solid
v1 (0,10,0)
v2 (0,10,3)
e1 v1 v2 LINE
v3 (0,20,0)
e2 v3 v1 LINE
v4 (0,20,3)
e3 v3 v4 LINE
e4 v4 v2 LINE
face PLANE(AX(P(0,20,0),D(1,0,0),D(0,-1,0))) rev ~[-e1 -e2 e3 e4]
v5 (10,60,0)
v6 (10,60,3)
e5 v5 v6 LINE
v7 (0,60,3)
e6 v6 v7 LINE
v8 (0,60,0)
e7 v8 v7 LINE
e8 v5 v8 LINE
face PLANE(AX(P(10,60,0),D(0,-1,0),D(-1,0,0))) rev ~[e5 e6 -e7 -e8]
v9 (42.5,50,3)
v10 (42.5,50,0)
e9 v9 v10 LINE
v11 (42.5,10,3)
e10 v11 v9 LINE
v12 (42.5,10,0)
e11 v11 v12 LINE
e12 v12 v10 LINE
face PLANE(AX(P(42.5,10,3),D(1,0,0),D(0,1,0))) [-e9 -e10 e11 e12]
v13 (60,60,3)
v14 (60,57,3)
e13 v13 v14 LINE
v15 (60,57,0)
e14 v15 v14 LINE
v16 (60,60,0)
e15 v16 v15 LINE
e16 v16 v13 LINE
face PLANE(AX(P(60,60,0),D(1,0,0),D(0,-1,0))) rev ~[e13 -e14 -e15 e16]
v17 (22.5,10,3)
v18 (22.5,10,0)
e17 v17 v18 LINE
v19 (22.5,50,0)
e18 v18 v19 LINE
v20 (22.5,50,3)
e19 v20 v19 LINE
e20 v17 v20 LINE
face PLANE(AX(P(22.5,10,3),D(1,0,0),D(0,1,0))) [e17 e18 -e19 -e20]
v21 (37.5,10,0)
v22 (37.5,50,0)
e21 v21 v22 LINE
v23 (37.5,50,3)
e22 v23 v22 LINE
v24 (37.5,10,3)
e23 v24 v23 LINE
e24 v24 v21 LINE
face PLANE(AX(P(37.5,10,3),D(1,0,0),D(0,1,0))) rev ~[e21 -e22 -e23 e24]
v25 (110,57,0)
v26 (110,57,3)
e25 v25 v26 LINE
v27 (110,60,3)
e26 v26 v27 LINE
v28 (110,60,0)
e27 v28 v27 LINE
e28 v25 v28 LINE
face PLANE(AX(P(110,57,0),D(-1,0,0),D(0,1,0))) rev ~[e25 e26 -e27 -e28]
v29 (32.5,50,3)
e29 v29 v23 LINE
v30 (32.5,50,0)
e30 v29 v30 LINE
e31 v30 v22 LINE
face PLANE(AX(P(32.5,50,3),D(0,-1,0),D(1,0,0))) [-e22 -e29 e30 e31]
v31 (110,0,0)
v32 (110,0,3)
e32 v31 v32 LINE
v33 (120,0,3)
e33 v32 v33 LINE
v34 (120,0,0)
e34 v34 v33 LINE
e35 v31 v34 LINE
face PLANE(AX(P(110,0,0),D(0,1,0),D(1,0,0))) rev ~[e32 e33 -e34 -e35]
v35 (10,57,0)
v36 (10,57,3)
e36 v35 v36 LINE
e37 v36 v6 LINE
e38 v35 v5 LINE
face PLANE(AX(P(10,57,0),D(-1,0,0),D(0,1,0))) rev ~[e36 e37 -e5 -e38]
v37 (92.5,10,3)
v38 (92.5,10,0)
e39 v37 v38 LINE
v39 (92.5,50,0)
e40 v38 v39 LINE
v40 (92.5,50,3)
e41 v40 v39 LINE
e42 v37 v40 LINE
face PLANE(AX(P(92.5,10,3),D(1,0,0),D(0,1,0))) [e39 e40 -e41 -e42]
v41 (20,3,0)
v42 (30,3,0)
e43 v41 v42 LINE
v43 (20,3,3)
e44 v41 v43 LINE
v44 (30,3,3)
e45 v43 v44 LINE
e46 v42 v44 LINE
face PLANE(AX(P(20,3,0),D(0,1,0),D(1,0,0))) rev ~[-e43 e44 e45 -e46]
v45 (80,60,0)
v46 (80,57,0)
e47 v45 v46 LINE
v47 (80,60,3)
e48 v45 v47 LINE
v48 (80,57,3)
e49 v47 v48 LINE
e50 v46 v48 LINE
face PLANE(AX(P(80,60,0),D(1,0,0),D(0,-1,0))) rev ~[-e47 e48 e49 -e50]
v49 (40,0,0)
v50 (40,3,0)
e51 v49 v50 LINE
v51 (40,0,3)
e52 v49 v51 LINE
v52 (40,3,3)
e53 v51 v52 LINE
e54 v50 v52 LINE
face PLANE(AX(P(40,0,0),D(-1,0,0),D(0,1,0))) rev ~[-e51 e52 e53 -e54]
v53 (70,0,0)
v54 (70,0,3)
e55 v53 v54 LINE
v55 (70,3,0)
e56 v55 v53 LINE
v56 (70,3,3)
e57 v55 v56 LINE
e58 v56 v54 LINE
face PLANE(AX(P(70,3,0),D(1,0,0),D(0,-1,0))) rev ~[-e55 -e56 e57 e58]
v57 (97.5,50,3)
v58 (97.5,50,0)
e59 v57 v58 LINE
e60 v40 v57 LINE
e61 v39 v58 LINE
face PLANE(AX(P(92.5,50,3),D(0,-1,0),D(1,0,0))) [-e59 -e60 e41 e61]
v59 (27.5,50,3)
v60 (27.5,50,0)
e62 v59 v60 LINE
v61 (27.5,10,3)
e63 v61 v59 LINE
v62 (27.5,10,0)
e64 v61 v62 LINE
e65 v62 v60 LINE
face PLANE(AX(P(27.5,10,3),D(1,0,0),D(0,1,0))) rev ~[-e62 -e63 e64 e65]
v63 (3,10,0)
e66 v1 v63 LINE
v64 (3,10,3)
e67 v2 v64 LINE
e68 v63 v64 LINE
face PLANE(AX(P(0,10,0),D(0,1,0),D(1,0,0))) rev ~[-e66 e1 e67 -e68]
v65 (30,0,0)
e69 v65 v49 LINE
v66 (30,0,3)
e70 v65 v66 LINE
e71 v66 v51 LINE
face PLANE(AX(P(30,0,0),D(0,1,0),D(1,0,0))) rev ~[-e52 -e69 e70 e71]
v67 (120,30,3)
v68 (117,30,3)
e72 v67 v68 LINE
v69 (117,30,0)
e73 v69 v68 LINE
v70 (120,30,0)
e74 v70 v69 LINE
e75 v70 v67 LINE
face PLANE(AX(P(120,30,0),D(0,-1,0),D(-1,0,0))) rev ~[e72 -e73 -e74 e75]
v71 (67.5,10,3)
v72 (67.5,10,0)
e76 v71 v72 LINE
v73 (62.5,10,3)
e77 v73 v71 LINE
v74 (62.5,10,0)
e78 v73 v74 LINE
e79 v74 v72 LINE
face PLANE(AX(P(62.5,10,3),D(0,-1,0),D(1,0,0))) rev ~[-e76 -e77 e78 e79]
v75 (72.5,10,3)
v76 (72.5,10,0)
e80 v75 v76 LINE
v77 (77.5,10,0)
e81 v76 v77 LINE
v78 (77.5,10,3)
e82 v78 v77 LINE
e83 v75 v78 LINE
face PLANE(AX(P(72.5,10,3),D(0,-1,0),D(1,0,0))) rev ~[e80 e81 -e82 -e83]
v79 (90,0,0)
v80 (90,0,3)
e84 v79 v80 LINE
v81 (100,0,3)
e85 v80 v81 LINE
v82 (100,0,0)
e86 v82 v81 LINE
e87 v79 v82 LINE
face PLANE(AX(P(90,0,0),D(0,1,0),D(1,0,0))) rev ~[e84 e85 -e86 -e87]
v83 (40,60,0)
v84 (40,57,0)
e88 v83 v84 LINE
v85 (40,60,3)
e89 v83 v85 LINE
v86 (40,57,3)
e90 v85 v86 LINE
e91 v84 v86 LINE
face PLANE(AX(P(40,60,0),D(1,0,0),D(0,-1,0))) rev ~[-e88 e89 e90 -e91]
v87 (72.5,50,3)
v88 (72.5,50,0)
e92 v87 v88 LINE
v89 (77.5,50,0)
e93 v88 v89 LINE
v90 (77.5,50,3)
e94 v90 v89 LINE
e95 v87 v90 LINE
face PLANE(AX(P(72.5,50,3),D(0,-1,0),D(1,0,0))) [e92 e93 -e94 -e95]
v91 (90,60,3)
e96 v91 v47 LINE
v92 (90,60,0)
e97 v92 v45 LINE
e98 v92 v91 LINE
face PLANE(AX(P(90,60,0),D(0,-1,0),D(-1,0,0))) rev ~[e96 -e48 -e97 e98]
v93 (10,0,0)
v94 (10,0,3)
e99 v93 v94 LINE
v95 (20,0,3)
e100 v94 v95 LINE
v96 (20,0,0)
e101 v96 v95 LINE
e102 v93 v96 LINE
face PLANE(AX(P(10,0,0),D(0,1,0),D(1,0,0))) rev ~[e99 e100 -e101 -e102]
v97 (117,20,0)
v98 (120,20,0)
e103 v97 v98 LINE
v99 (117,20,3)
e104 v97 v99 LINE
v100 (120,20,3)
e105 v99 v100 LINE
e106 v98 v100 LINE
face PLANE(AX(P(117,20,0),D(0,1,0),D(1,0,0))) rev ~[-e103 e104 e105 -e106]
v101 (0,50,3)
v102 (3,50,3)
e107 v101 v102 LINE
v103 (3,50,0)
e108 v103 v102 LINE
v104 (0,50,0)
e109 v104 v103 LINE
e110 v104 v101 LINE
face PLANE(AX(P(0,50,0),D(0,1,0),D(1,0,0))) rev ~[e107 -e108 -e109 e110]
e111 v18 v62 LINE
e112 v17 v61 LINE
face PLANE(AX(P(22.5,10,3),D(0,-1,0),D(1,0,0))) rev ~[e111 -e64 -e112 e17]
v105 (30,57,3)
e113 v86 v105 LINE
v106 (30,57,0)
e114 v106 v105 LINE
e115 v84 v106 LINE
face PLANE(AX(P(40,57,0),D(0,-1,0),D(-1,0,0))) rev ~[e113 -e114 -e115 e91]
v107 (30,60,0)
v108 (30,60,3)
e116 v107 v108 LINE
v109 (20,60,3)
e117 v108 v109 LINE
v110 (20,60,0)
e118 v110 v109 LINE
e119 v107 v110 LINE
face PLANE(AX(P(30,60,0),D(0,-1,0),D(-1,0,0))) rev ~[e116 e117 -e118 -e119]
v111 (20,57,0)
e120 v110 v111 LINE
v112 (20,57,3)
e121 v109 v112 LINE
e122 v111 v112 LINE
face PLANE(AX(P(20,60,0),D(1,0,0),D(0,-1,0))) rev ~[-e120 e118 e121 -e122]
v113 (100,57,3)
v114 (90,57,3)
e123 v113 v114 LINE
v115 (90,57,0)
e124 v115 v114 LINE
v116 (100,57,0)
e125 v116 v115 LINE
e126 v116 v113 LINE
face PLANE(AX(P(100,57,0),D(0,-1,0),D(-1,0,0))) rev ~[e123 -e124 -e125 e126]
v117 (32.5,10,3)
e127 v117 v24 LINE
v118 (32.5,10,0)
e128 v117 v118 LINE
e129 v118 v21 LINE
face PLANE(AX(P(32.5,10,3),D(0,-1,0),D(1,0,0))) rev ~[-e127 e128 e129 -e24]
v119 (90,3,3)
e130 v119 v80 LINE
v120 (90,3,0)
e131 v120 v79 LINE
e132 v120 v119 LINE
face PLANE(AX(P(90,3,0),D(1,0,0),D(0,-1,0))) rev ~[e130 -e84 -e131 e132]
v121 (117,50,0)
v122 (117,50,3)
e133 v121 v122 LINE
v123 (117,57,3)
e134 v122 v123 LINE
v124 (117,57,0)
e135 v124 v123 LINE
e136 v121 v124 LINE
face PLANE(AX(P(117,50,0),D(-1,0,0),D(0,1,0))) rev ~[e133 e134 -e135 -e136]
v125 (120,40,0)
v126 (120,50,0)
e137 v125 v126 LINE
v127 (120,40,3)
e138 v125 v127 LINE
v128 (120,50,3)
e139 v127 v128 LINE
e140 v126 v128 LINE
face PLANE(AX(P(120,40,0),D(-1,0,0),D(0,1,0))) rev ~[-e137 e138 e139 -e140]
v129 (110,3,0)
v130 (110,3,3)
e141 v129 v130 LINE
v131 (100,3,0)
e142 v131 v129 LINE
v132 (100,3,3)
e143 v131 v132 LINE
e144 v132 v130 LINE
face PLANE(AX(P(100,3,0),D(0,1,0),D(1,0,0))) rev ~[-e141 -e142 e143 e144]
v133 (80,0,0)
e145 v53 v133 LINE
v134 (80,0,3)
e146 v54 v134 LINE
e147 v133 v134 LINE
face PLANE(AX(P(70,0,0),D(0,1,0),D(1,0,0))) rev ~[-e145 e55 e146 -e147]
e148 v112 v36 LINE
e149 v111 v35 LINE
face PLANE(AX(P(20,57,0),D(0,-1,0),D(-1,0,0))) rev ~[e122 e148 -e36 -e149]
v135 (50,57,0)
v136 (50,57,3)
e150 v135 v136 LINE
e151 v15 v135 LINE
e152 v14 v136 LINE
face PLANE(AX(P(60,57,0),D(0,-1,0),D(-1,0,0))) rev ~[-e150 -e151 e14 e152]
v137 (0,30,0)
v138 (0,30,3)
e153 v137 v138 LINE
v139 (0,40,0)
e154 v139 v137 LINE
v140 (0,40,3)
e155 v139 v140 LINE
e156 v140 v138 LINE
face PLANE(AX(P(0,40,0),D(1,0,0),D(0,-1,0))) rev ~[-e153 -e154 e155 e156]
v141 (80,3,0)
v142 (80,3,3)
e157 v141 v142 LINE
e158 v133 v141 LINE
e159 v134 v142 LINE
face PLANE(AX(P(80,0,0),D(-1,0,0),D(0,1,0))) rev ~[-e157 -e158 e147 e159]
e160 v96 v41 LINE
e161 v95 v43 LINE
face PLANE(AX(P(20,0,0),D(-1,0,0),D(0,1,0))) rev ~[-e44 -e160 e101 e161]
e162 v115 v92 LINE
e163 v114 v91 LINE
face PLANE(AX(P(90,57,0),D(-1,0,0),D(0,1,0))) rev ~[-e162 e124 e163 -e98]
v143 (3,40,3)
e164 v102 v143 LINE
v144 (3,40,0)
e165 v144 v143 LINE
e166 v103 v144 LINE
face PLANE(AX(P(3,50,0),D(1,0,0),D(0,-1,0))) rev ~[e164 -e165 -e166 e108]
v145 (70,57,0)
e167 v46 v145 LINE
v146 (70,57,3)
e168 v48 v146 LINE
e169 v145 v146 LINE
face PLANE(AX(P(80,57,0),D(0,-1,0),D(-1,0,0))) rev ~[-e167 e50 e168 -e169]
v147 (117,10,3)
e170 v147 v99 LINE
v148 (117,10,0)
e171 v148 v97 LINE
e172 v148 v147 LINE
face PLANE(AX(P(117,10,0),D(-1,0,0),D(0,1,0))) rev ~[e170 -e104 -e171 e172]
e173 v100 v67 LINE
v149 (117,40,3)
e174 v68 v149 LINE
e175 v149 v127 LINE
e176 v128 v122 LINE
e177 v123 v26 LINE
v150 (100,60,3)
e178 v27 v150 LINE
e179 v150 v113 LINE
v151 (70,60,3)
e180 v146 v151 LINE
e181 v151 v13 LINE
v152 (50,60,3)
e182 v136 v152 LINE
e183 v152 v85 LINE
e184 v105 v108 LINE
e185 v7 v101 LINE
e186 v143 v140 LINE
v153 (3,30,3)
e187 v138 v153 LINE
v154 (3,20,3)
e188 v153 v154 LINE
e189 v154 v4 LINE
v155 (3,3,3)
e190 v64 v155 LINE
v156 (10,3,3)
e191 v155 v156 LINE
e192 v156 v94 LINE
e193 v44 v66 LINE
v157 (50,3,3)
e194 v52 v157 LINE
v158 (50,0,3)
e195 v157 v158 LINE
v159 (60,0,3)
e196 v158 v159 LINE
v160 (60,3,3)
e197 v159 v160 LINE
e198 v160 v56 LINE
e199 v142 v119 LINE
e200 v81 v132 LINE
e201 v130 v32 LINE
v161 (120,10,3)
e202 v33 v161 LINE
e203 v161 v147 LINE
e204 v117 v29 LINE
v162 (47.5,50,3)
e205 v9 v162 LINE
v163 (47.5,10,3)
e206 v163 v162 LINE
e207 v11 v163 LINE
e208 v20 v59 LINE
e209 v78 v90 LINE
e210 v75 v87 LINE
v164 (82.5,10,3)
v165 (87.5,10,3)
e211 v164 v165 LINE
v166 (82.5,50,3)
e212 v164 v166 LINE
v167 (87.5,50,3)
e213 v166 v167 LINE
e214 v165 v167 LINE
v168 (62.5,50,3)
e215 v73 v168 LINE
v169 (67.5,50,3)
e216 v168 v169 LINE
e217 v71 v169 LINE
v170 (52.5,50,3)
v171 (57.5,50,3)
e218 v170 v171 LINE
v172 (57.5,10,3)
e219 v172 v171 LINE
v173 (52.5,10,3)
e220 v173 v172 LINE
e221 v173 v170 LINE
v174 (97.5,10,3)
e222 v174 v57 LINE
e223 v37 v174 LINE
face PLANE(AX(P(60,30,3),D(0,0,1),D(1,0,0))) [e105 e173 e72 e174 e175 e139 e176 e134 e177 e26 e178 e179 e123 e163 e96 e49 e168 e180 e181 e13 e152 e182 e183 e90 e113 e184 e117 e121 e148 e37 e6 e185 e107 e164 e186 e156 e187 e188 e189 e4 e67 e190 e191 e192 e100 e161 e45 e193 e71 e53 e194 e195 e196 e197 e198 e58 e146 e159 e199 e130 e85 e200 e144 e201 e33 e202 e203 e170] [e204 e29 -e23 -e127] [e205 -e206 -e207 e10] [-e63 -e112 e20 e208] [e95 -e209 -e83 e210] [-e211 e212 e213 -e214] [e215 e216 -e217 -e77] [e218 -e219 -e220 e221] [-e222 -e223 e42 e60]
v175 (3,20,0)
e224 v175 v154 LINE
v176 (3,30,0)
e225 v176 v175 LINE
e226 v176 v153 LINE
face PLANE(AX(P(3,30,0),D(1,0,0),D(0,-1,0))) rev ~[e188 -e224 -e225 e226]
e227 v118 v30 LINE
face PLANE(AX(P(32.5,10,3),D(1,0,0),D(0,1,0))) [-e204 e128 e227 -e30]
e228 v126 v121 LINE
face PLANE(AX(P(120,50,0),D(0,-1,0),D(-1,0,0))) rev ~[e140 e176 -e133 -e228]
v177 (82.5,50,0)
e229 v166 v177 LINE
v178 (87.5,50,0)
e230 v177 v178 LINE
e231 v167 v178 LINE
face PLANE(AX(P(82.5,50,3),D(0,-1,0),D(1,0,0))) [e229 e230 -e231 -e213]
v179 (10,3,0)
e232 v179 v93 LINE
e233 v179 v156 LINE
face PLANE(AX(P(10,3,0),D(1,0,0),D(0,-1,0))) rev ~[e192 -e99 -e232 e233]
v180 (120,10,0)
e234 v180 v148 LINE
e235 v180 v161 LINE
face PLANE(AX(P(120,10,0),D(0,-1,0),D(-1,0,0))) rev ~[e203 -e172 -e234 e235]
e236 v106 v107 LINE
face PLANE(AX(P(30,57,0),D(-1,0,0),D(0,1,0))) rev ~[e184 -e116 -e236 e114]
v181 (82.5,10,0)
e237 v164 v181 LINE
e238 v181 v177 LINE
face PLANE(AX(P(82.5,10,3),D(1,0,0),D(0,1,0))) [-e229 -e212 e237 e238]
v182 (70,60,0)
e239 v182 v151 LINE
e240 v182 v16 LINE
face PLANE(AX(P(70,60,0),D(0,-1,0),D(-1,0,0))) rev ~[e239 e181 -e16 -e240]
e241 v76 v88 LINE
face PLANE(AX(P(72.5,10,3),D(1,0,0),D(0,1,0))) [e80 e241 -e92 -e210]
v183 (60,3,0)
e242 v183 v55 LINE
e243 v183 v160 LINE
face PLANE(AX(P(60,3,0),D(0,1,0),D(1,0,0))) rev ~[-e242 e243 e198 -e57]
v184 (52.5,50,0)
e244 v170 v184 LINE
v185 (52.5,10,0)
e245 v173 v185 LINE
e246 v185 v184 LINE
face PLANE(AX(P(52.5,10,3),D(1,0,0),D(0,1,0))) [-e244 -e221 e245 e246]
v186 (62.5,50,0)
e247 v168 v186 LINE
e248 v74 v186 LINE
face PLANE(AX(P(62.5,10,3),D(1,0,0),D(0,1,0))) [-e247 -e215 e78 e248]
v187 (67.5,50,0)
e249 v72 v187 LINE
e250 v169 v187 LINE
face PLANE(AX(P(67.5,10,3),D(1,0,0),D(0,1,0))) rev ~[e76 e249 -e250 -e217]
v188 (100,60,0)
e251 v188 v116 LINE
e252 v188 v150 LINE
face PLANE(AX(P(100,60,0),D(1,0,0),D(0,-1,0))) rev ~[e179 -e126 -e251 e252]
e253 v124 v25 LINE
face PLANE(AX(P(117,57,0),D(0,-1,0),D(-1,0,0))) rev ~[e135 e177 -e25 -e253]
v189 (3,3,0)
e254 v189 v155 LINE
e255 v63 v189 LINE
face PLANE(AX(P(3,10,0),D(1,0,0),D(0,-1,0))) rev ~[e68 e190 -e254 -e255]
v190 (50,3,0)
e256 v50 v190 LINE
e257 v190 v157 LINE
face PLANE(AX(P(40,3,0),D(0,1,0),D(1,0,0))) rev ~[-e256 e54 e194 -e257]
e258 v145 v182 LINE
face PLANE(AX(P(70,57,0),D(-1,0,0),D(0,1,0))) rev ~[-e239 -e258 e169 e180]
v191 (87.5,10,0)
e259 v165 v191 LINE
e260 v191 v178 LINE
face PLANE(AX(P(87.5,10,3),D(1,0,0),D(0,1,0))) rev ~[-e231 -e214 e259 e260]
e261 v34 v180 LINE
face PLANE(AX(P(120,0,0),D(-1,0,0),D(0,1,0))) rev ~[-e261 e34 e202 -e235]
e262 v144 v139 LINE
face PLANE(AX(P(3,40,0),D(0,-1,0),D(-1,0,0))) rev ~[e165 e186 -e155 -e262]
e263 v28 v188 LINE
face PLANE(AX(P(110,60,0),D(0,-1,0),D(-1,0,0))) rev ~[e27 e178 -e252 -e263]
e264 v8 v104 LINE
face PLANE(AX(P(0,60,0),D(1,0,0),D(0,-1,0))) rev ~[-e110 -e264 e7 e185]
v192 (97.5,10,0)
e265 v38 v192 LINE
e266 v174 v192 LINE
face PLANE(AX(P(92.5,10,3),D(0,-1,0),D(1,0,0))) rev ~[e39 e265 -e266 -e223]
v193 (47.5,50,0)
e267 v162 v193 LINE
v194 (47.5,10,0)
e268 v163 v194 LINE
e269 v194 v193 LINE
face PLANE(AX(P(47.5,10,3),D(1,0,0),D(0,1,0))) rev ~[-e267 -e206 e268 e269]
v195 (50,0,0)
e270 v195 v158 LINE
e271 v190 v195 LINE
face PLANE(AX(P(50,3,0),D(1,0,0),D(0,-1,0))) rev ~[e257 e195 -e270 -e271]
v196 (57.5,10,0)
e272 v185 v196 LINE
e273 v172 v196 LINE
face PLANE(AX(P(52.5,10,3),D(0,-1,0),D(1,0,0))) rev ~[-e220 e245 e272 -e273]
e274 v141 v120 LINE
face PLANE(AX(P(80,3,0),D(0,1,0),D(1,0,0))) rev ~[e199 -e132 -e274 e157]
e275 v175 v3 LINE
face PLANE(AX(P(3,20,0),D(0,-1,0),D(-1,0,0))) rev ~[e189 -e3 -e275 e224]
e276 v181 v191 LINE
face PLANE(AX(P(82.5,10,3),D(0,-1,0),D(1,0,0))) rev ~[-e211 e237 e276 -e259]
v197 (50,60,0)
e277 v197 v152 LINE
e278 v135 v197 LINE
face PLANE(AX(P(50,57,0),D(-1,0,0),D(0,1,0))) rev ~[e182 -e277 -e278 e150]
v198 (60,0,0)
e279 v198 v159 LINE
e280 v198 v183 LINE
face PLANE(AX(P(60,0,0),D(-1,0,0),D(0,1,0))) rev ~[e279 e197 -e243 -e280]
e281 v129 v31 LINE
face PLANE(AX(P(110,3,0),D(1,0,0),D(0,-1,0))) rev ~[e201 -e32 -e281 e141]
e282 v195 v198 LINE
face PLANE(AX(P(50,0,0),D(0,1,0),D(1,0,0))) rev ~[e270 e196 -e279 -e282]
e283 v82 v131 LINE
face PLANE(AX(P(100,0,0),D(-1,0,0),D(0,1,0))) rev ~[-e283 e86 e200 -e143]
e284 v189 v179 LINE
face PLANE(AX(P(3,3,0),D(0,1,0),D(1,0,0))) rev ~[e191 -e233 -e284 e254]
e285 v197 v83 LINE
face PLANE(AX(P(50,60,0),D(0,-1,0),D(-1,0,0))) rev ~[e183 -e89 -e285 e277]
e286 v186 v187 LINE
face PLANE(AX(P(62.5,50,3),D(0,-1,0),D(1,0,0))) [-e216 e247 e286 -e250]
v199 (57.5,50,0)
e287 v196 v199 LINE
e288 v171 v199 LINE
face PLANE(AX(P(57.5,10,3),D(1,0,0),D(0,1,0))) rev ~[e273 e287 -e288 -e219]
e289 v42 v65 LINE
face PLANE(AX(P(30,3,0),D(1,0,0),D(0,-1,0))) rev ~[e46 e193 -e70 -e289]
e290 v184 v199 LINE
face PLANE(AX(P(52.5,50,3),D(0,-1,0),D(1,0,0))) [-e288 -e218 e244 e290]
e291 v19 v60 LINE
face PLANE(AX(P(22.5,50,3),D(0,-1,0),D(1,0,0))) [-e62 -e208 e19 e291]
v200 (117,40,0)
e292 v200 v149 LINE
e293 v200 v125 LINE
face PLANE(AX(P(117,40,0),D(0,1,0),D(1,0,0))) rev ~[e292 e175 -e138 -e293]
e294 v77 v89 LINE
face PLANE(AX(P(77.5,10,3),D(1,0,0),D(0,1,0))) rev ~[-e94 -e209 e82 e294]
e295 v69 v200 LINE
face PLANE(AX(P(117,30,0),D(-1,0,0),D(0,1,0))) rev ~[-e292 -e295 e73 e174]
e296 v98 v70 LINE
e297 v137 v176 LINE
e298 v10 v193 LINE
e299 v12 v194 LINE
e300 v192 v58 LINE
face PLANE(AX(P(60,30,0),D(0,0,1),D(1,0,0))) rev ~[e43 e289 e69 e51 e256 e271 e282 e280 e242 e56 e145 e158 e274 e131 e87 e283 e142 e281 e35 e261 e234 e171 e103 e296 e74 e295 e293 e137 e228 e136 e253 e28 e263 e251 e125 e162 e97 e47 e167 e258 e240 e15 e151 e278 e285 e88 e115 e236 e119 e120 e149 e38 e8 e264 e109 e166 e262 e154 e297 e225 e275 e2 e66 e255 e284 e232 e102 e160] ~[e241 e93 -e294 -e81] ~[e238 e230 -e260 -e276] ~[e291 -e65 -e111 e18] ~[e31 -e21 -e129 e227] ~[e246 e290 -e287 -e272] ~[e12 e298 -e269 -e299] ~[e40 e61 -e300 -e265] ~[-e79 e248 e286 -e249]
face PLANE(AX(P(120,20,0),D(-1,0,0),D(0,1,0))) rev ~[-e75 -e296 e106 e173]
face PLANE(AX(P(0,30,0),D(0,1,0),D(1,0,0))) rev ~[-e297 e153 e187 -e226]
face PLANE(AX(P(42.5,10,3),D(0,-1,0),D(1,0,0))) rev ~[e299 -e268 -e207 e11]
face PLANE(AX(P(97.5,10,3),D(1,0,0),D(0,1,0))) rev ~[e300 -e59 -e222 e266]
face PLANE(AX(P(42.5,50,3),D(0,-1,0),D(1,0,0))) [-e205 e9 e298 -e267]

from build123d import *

# Parameters (mm, degrees)
BOSS_EXTRUDE1_DEPTH = 3
SKETCH2_W           = 5
SKETCH2_H           = 40
CUT_EXTRUDE1_DEPTH  = 10


with BuildPart() as part:
    # Sketch1 → Boss-Extrude1 (new body)
    with BuildSketch(Plane.XY):
        Polygon((120, 0), (120, 10), (117, 10), (117, 20), (120, 20), (120, 30), (117, 30), (117, 40), (120, 40), (120, 50), (117, 50), (117, 57), (110, 57), (110, 60), (100, 60), (100, 57), (90, 57), (90, 60), (80, 60), (80, 57), (70, 57), (70, 60), (60, 60), (60, 57), (50, 57), (50, 60), (40, 60), (40, 57), (30, 57), (30, 60), (20, 60), (20, 57), (10, 57), (10, 60), (0, 60), (0, 50), (3, 50), (3, 40), (0, 40), (0, 30), (3, 30), (3, 20), (0, 20), (0, 10), (3, 10), (3, 3), (10, 3), (10, 0), (20, 0), (20, 3), (30, 3), (30, 0), (40, 0), (40, 3), (50, 3), (50, 0), (60, 0), (60, 3), (70, 3), (70, 0), (80, 0), (80, 3), (90, 3), (90, 0), (100, 0), (100, 3), (110, 3), (110, 0), align=None)
    extrude(amount=BOSS_EXTRUDE1_DEPTH)

    # Sketch2 → Cut-Extrude1 (cut)
    with BuildSketch(Plane.XY.offset(3)):
        with Locations((25, 30)):
            Rectangle(SKETCH2_W, SKETCH2_H)
        with Locations((35, 30)):
            Rectangle(SKETCH2_W, SKETCH2_H)
        with Locations((45, 30)):
            Rectangle(SKETCH2_W, SKETCH2_H)
        with Locations((55, 30)):
            Rectangle(SKETCH2_W, SKETCH2_H)
        with Locations((65, 30)):
            Rectangle(SKETCH2_W, SKETCH2_H)
        with Locations((75, 30)):
            Rectangle(SKETCH2_W, SKETCH2_H)
        with Locations((85, 30)):
            Rectangle(SKETCH2_W, SKETCH2_H)
        with Locations((95, 30)):
            Rectangle(SKETCH2_W, SKETCH2_H)
    extrude(amount=-CUT_EXTRUDE1_DEPTH, mode=Mode.SUBTRACT)


solid = part.part
